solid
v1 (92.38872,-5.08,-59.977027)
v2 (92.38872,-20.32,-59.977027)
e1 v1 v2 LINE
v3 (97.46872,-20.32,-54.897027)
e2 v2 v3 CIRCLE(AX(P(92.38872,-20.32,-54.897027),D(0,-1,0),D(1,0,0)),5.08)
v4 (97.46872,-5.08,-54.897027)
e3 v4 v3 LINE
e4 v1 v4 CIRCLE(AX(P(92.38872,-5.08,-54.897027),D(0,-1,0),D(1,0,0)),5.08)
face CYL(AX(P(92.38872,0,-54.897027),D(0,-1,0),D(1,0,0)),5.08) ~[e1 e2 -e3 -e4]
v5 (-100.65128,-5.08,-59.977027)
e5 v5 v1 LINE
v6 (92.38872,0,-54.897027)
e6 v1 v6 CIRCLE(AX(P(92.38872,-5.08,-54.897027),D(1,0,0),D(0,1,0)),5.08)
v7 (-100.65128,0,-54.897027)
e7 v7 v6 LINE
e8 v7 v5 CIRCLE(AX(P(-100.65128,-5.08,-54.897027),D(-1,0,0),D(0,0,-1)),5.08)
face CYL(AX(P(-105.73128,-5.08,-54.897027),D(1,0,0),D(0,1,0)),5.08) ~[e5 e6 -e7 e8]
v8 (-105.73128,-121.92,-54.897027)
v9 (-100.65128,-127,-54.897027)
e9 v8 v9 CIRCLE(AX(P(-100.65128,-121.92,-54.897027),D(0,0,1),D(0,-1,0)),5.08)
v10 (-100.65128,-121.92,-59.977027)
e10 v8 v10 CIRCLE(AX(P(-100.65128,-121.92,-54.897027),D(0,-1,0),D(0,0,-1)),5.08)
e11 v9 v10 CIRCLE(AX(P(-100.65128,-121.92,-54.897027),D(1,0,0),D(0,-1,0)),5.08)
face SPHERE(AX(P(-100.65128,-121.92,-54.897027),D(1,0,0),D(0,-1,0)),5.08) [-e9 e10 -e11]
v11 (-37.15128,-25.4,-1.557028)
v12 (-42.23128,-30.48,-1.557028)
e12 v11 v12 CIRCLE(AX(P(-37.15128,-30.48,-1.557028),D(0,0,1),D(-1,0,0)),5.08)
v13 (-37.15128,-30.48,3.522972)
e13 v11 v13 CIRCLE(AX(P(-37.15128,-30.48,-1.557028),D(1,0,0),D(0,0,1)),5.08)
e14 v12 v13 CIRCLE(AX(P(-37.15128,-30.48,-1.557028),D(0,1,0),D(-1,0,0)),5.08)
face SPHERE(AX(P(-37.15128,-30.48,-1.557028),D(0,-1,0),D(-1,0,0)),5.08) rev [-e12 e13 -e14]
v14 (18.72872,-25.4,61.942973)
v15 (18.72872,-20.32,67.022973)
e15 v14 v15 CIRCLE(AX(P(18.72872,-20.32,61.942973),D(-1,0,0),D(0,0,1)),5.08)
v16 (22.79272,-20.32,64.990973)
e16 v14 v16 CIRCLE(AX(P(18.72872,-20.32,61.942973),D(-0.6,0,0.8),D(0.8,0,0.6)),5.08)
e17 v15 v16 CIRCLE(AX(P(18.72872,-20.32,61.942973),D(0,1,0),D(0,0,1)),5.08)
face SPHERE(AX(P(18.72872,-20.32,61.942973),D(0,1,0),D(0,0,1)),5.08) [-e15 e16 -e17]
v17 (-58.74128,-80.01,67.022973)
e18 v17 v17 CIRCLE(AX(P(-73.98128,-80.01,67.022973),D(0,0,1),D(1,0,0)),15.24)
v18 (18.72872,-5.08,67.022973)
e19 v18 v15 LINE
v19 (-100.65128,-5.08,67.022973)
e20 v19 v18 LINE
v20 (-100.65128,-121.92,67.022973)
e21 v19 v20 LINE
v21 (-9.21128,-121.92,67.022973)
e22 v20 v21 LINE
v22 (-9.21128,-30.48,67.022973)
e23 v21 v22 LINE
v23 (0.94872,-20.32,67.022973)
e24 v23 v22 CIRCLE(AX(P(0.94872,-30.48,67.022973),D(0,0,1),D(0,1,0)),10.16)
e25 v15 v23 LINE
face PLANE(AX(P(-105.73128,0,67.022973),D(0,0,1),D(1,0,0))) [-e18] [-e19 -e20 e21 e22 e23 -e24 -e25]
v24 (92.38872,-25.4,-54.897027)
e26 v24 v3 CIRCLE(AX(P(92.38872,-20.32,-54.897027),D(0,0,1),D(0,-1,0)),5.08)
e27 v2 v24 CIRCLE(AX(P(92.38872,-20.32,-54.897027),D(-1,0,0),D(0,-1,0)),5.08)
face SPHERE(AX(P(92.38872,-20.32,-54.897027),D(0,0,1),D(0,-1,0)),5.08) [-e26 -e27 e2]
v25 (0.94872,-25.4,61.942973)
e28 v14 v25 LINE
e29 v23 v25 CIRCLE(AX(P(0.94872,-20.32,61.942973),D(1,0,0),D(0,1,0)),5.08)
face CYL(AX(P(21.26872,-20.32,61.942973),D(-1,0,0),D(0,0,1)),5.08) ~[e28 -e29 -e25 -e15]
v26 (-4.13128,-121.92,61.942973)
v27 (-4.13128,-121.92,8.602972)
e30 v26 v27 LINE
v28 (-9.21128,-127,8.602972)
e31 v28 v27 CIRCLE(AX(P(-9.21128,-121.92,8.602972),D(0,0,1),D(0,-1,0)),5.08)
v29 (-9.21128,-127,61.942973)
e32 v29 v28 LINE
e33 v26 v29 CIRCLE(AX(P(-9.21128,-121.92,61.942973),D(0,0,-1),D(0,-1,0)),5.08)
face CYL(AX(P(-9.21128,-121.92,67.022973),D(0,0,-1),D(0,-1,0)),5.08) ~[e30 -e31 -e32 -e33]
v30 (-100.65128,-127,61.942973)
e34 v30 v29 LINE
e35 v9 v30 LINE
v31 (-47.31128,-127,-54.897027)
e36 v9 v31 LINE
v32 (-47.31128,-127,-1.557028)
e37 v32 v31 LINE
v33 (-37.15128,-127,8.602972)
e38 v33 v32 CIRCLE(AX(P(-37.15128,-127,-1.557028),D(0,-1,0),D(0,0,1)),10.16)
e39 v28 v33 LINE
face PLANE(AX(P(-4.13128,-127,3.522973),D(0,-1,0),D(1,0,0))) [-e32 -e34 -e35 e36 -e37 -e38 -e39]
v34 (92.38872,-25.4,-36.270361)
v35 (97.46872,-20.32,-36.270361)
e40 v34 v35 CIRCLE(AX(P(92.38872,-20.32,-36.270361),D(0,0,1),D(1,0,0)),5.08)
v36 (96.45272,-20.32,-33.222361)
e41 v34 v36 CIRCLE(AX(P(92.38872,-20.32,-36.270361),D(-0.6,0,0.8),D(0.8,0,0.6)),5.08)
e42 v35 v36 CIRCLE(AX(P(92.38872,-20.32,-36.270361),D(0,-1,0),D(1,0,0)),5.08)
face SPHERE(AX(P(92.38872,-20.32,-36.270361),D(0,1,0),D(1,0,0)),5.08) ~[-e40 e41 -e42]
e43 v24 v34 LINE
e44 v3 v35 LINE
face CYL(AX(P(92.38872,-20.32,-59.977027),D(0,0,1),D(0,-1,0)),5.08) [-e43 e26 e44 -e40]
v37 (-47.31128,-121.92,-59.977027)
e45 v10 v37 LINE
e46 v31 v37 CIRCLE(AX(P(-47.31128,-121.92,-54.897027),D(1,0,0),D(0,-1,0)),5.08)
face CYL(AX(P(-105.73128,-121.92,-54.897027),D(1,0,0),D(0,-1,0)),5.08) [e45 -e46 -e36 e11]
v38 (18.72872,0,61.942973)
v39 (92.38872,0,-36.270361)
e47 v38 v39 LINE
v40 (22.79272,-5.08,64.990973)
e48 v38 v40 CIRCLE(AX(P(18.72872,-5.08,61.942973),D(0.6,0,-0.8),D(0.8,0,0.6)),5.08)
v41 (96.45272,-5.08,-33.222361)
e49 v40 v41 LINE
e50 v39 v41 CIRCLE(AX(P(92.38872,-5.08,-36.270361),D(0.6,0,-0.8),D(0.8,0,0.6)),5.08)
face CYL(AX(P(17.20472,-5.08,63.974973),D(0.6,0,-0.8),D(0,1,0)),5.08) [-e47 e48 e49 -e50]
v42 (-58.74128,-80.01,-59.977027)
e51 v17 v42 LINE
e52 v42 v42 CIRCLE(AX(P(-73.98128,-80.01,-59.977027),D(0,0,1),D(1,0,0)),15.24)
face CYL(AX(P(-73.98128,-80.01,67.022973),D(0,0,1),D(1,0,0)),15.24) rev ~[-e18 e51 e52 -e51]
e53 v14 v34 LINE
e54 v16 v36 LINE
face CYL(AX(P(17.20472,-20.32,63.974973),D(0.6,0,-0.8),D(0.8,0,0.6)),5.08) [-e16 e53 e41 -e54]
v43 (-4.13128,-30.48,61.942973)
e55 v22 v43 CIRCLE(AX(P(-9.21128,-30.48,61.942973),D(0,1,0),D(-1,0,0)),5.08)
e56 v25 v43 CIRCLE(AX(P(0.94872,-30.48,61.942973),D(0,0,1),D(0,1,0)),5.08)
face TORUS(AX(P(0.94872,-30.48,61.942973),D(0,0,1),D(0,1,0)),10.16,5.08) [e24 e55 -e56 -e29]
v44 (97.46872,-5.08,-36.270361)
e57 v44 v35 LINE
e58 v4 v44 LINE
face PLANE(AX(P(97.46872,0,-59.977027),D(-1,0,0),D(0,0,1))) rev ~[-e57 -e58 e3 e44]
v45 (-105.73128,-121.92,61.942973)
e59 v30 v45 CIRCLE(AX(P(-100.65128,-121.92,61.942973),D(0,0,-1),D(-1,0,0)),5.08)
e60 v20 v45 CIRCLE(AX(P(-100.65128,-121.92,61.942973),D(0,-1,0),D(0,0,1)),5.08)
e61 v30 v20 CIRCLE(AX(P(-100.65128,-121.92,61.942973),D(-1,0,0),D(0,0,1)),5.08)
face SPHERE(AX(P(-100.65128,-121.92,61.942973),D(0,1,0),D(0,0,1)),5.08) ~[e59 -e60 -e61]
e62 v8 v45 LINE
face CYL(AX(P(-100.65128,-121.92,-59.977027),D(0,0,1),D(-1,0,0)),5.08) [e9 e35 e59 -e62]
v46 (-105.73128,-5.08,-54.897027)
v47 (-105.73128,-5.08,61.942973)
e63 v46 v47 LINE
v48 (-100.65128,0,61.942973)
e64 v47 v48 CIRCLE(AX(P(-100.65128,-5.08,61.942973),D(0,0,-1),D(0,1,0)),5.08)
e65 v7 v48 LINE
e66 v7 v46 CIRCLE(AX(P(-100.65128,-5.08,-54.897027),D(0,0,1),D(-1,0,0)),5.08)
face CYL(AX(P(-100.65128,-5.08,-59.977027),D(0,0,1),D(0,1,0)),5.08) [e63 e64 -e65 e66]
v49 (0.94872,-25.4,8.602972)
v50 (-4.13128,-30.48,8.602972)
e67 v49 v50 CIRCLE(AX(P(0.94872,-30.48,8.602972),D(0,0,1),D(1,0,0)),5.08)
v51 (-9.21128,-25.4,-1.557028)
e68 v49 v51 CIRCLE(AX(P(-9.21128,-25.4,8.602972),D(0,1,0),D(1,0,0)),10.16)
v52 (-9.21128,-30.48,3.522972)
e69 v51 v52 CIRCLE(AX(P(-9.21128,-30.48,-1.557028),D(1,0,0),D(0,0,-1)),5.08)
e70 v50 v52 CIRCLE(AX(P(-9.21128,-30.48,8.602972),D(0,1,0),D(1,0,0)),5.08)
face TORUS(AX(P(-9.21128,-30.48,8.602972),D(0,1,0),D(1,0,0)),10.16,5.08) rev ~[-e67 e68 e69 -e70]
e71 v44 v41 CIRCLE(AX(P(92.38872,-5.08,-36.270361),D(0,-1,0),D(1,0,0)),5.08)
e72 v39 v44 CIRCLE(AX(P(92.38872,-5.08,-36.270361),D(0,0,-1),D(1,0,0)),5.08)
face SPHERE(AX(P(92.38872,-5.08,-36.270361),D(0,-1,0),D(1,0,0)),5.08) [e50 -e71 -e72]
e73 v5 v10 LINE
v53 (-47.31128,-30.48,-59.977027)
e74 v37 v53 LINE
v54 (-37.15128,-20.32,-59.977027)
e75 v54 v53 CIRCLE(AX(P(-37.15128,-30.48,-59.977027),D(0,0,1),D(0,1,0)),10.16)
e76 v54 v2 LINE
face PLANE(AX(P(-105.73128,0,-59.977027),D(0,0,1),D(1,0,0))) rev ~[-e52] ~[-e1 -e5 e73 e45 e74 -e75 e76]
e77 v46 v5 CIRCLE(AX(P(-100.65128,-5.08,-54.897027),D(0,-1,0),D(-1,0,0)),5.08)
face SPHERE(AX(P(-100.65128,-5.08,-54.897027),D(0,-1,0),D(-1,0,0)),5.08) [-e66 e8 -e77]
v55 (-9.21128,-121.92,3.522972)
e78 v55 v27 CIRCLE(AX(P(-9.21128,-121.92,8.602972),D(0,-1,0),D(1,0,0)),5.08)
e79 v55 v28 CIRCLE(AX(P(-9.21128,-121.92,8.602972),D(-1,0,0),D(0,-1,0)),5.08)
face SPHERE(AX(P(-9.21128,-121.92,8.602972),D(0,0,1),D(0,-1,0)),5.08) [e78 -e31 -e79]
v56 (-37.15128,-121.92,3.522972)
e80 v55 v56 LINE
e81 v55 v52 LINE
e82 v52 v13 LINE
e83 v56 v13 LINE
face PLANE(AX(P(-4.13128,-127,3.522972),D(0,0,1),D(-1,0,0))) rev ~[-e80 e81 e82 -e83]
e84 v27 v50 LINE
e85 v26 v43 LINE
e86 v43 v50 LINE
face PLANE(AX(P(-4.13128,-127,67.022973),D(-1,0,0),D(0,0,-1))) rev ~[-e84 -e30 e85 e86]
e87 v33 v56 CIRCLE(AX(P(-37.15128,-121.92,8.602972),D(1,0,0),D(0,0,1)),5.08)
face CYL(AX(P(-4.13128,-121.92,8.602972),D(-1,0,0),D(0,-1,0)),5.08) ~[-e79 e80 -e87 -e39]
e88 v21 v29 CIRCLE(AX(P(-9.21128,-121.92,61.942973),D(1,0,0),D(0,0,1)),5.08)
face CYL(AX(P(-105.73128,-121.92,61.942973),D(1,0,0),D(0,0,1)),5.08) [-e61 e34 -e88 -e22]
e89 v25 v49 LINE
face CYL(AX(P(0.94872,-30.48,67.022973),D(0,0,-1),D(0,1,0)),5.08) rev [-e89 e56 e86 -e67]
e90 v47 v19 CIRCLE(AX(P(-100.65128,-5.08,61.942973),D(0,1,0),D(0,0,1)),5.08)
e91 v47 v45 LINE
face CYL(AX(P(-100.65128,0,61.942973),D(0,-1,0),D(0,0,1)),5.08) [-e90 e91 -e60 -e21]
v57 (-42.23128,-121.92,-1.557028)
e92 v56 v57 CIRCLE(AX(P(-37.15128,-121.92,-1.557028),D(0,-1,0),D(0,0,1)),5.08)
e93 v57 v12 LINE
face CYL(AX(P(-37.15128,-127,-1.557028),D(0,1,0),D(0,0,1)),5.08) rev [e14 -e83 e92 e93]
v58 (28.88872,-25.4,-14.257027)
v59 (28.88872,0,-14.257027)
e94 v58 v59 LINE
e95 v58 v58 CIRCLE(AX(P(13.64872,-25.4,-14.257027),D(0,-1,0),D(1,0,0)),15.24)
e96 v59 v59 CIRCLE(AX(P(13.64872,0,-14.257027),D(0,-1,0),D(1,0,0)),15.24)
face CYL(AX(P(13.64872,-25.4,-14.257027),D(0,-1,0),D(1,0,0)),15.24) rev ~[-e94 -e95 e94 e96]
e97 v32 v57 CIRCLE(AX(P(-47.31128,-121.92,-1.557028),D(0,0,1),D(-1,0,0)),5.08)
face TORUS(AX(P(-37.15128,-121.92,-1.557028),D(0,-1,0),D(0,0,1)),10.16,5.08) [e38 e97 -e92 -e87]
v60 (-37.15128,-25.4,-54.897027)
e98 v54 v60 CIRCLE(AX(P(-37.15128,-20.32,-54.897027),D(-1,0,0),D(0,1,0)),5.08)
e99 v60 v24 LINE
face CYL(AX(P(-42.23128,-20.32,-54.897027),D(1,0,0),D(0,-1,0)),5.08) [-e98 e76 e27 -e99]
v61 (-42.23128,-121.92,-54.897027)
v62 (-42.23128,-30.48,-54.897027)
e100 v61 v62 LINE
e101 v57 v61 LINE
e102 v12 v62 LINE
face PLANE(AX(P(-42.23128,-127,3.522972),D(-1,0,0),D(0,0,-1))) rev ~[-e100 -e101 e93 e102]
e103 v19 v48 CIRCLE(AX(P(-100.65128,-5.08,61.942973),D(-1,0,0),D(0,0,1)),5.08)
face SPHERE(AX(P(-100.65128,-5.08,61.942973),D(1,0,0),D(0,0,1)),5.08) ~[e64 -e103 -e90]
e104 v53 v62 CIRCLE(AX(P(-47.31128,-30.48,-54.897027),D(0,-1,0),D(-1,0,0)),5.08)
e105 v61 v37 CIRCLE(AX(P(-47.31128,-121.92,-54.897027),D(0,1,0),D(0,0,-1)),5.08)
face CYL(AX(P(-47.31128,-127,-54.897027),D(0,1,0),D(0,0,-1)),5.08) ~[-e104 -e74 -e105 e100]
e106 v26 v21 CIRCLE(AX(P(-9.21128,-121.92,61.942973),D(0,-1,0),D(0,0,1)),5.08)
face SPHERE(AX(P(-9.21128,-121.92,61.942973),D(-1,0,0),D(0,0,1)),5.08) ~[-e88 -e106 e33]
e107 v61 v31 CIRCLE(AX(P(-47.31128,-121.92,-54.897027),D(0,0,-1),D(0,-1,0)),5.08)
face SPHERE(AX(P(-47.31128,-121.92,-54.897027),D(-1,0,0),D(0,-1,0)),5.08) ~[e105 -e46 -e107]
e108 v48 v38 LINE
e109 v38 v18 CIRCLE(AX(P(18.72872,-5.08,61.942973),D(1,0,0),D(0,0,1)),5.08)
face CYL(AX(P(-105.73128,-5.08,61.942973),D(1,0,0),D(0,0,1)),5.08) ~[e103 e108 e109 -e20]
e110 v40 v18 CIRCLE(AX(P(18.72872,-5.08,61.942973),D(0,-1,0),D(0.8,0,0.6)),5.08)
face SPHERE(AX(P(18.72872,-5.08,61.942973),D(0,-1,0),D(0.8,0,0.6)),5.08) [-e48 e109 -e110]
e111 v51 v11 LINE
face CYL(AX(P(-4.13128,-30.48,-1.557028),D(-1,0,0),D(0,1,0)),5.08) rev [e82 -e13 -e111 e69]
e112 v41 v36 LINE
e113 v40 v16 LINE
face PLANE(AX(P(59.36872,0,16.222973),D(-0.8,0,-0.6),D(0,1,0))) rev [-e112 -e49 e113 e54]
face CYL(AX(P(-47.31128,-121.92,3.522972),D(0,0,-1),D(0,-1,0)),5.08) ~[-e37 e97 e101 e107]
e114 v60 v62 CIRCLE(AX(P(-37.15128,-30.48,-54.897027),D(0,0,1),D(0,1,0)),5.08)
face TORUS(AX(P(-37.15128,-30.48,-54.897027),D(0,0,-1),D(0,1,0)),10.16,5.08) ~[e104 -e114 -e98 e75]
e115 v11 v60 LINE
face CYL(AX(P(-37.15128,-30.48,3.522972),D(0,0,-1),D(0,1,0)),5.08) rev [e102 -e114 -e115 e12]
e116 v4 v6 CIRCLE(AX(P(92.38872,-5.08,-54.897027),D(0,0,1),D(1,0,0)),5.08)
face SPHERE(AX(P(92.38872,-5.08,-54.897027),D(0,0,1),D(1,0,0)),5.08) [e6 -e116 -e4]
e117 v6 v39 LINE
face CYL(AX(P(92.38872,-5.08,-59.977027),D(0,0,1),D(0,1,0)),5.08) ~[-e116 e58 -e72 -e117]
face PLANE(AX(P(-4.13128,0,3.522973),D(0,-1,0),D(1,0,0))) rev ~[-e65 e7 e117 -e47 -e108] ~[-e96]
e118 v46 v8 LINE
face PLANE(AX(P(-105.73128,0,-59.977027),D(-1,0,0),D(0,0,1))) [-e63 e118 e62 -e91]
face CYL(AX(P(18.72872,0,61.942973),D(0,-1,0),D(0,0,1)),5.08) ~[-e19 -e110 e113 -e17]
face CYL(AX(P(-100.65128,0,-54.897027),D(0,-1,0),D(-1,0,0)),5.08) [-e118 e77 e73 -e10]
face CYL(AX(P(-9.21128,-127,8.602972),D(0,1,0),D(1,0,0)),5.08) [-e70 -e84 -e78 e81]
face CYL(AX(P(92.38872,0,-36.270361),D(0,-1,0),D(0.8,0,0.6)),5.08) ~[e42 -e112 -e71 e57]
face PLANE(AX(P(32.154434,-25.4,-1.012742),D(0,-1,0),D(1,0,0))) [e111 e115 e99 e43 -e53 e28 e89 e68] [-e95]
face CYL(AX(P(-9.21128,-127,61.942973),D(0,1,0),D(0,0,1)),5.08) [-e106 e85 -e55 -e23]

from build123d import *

# Parameters (mm, degrees)
F0_W     = 203.2
F0_H     = 127
F1_DEPTH = 127
F3_DEPTH = 101.6
F4_SIZE2 = 101.6
F4_SIZE  = 76.2
F5_R     = 5.08
F6_R     = 15.24
F7_DEPTH = 25.4
F8_R     = 15.24
F9_DEPTH = 127


with BuildPart() as f1:
    # F0 (on Front) → F1 (new body)
    with BuildSketch(Plane.XZ):
        with Locations((-4.1312798858, 3.5229725738)):
            Rectangle(F0_W, F0_H)
    extrude(amount=F1_DEPTH)

    # F2 (on face) → F3 (cut)
    with BuildSketch(Plane.XZ.offset(127)):
        Polygon((97.4687201142, 67.0229725738), (-4.1312798858, 67.0229725738), (-4.1312798858, 3.5229718778), (-42.2312798858, 3.5229718778), (-42.2312798858, -59.9770274262), (97.4687201142, -59.9770274262), align=None)
    extrude(amount=-F3_DEPTH, mode=Mode.SUBTRACT)

    # F4
    f4_edges = [f1.edges().sort_by_distance(p)[0] for p in [
        (97.46872, -12.7, 67.022973),
    ]]
    f4_side = f1.faces().sort_by_distance((-37.997947, -55.033333, 67.022973))[0]
    chamfer(f4_edges, length=F4_SIZE, length2=F4_SIZE2, reference=f4_side)

    # F5
    f5_edges = [f1.edges().sort_by_distance(p)[0] for p in [
        (-42.23128, 0, 67.022973),
        (21.26872, -12.7, 67.022973),
        (-105.73128, -63.5, 67.022973),
        (8.56872, -25.4, 67.022973),
        (-54.93128, -127, 67.022973),
        (-4.13128, -76.2, 67.022973),
        (-73.98128, -127, -59.977027),
        (-105.73128, -127, 3.522973),
        (-4.13128, -127, 35.272972),
        (-23.18128, -127, 3.522972),
        (-42.23128, -127, -28.227028),
        (-4.13128, -76.2, 3.522972),
        (-4.13128, -25.4, 35.272972),
        (-42.23128, -76.2, 3.522972),
        (-42.23128, -76.2, -59.977027),
        (-42.23128, -25.4, -28.227028),
        (97.46872, -25.4, -47.277027),
        (59.36872, -25.4, 16.222973),
        (27.61872, -25.4, -59.977027),
        (-23.18128, -25.4, 3.522972),
        (59.36872, 0, 16.222973),
        (97.46872, -12.7, -34.577027),
        (97.46872, 0, -47.277027),
        (97.46872, -12.7, -59.977027),
        (-105.73128, -63.5, -59.977027),
        (-105.73128, 0, 3.522973),
        (-4.13128, 0, -59.977027),
    ]]
    fillet(f5_edges, radius=F5_R)

    # F6 (on face) → F7 (cut)
    with BuildSketch(Plane.XZ.offset(25.4)):
        with Locations((13.6487201142, -14.2570274262)):
            Circle(F6_R)
    extrude(amount=-F7_DEPTH, mode=Mode.SUBTRACT)

    # F8 (on face) → F9 (cut)
    with BuildSketch(Plane.XY.offset(67.0229725738)):
        with Locations((-73.9812798858, -80.01)):
            Circle(F8_R)
    extrude(amount=-F9_DEPTH, mode=Mode.SUBTRACT)


solid = f1.part
